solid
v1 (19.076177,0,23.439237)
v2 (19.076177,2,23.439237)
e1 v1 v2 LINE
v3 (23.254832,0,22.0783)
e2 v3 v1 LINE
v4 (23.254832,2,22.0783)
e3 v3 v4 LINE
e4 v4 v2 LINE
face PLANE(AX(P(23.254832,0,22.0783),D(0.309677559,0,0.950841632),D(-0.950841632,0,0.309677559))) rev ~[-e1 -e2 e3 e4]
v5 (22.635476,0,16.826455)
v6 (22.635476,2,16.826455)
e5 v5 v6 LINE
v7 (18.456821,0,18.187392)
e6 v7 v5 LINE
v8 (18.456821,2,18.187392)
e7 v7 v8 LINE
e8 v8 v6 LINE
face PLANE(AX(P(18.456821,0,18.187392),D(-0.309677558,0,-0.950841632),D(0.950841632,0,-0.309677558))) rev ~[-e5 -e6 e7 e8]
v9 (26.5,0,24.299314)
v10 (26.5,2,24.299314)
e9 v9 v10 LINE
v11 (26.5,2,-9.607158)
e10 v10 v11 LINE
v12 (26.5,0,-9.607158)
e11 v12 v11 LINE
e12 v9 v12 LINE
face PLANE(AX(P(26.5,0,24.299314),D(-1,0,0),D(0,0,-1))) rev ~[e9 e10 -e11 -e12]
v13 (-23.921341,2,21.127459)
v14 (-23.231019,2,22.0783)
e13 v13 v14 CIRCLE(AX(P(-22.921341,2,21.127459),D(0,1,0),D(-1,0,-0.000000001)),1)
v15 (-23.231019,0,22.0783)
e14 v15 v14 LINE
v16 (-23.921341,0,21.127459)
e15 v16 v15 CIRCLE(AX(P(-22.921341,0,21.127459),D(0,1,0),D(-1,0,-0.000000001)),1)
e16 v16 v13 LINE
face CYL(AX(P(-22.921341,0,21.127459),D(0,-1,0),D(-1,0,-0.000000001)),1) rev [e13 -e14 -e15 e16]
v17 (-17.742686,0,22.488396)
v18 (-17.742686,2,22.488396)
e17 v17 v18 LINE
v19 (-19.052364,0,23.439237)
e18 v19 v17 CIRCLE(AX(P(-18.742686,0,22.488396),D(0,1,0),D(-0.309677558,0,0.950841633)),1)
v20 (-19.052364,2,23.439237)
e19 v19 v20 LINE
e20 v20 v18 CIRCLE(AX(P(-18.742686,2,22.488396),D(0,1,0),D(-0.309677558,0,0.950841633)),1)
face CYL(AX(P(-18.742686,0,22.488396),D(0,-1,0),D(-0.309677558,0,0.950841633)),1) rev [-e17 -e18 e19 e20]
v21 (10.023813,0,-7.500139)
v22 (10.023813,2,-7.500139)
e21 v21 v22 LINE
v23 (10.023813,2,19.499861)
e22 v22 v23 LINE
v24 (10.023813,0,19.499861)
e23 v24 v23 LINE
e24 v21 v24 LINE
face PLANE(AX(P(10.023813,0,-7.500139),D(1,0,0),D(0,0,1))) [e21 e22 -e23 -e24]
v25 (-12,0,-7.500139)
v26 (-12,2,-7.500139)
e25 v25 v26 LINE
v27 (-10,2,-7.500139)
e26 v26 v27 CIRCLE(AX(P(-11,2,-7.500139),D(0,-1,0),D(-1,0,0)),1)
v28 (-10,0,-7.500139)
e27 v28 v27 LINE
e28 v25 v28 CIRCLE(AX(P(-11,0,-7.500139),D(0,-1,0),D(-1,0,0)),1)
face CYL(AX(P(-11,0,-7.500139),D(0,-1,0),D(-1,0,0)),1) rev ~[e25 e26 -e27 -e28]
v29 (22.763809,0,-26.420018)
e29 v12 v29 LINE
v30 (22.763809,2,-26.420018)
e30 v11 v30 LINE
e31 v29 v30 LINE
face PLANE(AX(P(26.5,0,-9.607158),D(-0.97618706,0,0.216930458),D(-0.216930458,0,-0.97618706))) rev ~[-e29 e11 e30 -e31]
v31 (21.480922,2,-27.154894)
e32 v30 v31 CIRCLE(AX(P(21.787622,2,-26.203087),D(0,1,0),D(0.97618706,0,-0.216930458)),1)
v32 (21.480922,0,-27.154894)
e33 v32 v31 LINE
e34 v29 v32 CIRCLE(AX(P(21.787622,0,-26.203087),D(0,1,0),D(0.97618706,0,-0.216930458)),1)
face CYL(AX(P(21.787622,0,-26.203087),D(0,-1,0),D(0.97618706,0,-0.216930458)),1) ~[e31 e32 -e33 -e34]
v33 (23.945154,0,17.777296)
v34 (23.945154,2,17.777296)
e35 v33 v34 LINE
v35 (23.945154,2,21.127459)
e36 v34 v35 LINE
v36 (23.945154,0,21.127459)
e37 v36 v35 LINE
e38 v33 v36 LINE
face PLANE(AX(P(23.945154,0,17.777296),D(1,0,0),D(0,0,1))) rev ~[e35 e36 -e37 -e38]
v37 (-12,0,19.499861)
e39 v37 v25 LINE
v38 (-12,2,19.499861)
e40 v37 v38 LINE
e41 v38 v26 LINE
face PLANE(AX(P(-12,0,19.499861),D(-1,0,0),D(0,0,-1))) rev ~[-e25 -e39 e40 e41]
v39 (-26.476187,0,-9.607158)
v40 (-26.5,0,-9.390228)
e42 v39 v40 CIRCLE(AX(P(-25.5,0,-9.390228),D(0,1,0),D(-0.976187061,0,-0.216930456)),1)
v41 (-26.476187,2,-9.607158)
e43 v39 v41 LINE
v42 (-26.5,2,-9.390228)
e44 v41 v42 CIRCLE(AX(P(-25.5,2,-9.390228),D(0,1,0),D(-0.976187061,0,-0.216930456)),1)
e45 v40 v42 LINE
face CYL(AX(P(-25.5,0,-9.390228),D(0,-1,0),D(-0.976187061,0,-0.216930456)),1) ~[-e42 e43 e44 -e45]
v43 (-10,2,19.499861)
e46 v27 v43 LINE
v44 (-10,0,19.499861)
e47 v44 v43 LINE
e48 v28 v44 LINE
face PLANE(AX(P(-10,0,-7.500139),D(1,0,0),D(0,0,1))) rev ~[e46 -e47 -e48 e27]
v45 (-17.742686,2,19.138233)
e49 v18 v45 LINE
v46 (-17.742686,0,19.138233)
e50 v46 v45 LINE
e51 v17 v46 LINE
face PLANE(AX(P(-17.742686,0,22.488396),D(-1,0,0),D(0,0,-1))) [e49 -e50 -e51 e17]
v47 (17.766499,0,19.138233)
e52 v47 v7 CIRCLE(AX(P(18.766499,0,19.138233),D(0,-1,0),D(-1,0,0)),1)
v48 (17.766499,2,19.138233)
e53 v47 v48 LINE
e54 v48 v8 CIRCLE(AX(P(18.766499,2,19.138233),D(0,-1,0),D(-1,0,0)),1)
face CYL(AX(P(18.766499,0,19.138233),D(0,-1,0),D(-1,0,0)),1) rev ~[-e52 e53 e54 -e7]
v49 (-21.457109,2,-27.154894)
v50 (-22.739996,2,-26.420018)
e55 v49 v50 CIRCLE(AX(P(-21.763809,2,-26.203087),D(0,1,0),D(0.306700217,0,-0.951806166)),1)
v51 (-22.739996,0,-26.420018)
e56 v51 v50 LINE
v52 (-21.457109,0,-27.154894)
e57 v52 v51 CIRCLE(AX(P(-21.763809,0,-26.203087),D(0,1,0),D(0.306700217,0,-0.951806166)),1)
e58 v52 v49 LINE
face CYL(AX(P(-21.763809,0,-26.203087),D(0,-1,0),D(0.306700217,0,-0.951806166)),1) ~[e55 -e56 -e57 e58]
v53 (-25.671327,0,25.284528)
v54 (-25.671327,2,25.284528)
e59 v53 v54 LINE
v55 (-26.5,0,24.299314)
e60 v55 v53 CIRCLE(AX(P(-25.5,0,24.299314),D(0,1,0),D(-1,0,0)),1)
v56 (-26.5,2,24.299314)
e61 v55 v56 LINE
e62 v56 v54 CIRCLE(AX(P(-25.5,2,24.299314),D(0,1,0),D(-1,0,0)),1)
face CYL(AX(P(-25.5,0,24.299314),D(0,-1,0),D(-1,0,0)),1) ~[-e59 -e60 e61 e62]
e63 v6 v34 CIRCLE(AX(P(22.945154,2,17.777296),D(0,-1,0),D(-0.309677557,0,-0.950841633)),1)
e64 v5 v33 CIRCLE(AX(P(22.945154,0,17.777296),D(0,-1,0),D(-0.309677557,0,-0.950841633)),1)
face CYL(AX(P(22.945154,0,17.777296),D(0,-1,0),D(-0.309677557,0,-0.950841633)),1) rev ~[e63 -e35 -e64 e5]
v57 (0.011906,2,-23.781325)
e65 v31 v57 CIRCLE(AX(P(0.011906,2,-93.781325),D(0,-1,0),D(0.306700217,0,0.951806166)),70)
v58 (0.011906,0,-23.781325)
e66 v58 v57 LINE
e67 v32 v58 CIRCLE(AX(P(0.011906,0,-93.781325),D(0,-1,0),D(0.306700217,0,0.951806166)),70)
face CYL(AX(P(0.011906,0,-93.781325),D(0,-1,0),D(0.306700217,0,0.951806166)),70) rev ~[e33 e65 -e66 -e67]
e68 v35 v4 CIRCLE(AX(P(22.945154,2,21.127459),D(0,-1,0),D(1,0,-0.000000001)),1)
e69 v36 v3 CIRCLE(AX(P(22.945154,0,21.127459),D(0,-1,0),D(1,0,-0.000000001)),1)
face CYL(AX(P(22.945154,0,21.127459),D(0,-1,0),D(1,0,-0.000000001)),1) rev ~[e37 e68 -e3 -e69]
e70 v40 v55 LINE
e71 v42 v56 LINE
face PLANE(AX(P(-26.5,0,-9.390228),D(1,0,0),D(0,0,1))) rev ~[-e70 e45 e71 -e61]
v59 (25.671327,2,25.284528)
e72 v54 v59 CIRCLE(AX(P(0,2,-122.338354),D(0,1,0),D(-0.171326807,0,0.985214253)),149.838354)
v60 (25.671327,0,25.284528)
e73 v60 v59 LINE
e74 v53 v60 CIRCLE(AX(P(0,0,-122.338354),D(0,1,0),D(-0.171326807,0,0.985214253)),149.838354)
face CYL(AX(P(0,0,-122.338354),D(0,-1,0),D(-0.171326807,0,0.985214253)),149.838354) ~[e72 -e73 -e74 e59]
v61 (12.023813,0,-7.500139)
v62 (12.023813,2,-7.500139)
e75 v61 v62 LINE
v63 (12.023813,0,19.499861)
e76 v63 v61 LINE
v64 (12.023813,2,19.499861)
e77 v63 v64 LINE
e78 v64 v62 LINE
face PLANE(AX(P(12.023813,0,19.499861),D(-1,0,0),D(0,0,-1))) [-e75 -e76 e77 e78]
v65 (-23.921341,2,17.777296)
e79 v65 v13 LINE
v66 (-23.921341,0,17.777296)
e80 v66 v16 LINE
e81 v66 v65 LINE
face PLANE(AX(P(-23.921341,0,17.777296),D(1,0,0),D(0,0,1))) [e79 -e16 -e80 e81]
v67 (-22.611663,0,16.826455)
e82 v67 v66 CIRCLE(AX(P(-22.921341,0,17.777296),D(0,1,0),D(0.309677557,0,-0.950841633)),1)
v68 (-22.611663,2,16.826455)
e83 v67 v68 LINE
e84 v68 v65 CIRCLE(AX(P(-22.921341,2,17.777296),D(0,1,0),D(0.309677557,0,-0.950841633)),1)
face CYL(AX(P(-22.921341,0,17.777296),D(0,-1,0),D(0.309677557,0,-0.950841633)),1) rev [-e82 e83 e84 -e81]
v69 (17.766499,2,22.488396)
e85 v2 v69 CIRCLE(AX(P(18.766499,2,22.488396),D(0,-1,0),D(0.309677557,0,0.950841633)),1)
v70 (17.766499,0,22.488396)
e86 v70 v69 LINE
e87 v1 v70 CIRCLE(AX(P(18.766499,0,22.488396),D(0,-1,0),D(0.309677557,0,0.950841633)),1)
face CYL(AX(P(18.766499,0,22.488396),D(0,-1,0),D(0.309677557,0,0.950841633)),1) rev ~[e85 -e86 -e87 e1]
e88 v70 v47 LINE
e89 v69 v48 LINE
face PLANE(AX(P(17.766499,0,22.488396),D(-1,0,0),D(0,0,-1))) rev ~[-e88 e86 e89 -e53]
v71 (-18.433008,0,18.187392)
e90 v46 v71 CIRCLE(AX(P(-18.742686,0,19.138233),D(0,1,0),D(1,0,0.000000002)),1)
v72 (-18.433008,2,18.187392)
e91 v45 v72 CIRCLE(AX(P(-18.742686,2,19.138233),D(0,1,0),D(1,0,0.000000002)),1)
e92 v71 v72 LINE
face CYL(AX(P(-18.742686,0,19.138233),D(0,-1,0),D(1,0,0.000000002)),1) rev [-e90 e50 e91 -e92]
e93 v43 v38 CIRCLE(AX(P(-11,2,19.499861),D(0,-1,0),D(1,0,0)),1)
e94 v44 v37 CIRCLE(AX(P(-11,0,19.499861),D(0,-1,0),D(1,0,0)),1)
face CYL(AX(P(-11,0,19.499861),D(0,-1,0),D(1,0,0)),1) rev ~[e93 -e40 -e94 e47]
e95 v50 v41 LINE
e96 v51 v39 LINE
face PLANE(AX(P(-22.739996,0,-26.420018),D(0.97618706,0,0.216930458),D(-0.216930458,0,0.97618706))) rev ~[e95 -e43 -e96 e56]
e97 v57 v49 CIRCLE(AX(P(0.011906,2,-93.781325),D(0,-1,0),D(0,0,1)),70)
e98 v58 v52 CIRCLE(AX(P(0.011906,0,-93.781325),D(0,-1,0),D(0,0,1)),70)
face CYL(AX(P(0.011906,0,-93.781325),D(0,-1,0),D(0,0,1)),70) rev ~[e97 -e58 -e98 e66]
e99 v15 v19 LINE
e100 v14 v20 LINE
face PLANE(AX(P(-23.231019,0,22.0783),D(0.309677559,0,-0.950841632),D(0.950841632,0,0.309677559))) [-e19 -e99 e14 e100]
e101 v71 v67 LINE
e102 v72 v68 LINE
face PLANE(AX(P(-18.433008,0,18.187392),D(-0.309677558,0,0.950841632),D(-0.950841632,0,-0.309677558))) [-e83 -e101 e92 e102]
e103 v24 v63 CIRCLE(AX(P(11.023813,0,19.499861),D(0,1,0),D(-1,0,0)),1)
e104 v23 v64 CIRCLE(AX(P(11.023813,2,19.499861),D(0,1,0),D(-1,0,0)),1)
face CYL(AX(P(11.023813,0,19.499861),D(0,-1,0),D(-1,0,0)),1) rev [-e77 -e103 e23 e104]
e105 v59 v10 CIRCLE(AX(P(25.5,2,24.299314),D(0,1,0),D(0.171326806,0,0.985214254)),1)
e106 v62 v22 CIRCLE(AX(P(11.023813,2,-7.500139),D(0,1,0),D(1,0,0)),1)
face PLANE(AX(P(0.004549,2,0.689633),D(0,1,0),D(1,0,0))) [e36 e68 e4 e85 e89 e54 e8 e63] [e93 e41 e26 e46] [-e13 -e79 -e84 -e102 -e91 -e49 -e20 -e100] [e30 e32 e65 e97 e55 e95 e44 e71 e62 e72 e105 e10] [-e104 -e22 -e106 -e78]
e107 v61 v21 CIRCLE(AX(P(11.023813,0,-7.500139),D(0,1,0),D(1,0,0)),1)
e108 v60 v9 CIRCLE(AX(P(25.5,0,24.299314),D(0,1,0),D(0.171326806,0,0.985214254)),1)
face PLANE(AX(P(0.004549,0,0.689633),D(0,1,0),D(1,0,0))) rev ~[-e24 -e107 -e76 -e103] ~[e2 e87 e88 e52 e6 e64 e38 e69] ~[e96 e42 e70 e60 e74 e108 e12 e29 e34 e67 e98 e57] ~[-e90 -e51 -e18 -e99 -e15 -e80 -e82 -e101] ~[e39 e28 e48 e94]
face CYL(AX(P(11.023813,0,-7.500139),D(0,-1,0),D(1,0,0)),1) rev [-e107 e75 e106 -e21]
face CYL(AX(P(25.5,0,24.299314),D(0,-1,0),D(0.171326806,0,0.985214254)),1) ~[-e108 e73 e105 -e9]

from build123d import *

# Parameters (mm, degrees)
RESSALTO_EXTRUS_O1_DEPTH = 2


with BuildPart() as part:
    # Esboço1 → Ressalto-extrusão1 (new body)
    with BuildSketch(Plane(origin=(0, 0, 0), x_dir=(1, 0, 0), z_dir=(0, 1, 0))):
        with BuildLine():
            Line((-22.739996026, 26.420017885), (-26.47618706, 9.607158229))
            ThreePointArc((-26.47618706, 9.607158229), (-26.494028938, 9.499344543), (-26.5, 9.390227771))
            Line((-26.5, 9.390227771), (-26.5, -24.299313819))
            ThreePointArc((-26.5, -24.299313819), (-26.265286485, -24.943003648), (-25.671326807, -25.284528072))
            ThreePointArc((-25.671326807, -25.284528072), (0, -27.5), (25.671326807, -25.284528072))
            ThreePointArc((25.671326807, -25.284528072), (26.265286485, -24.943003648), (26.5, -24.299313819))
            Line((26.5, -24.299313819), (26.5, 9.607158229))
            Line((26.5, 9.607158229), (22.763808965, 26.420017885))
            ThreePointArc((22.763808965, 26.420017885), (22.284676967, 27.070806428), (21.480921688, 27.154893592))
            ThreePointArc((21.480921688, 27.154893592), (10.878133716, 24.629860221), (0.01190647, 23.781325176))
            ThreePointArc((0.01190647, 23.781325176), (-10.854320777, 24.629860221), (-21.457108748, 27.154893592))
            ThreePointArc((-21.457108748, 27.154893592), (-22.260864027, 27.070806428), (-22.739996026, 26.420017885))
        make_face()
        with BuildLine():
            Line((23.945153985, -17.77729625), (23.945153985, -21.127458538))
            ThreePointArc((23.945153985, -21.127458538), (23.754375079, -21.714962769), (23.254831543, -22.07830017))
            Line((23.254831543, -22.07830017), (19.076176544, -23.439237296))
            ThreePointArc((19.076176544, -23.439237296), (18.178994755, -23.297616757), (17.766498985, -22.488395663))
            Line((17.766498985, -22.488395663), (17.766498985, -19.138233375))
            ThreePointArc((17.766498985, -19.138233375), (17.957277891, -18.550729144), (18.456821427, -18.187391742))
            Line((18.456821427, -18.187391742), (22.635476426, -16.826454617))
            ThreePointArc((22.635476426, -16.826454617), (23.532658215, -16.968075156), (23.945153985, -17.77729625))
        make_face(mode=Mode.SUBTRACT)
        with BuildLine():
            Line((-10, 7.500138791), (-10, -19.499861209))
            ThreePointArc((-10, -19.499861209), (-11, -20.499861209), (-12, -19.499861209))
            Line((-12, -19.499861209), (-12, 7.500138791))
            ThreePointArc((-12, 7.500138791), (-11, 8.500138791), (-10, 7.500138791))
        make_face(mode=Mode.SUBTRACT)
        with BuildLine():
            Line((-23.231018603, -22.07830017), (-19.052363604, -23.439237296))
            ThreePointArc((-19.052363604, -23.439237296), (-18.155181815, -23.297616757), (-17.742686046, -22.488395663))
            Line((-17.742686046, -22.488395663), (-17.742686046, -19.138233375))
            ThreePointArc((-17.742686046, -19.138233375), (-17.933464951, -18.550729144), (-18.433008487, -18.187391742))
            Line((-18.433008487, -18.187391742), (-22.611663487, -16.826454617))
            ThreePointArc((-22.611663487, -16.826454617), (-23.508845275, -16.968075156), (-23.921341045, -17.77729625))
            Line((-23.921341045, -17.77729625), (-23.921341045, -21.127458538))
            ThreePointArc((-23.921341045, -21.127458538), (-23.730562139, -21.714962769), (-23.231018603, -22.07830017))
        make_face(mode=Mode.SUBTRACT)
        with BuildLine():
            Line((10.02381294, 7.500138791), (10.02381294, -19.499861209))
            ThreePointArc((10.02381294, -19.499861209), (11.02381294, -20.499861209), (12.02381294, -19.499861209))
            Line((12.02381294, -19.499861209), (12.02381294, 7.500138791))
            ThreePointArc((12.02381294, 7.500138791), (11.02381294, 8.500138791), (10.02381294, 7.500138791))
        make_face(mode=Mode.SUBTRACT)
    extrude(amount=RESSALTO_EXTRUS_O1_DEPTH)


solid = part.part
